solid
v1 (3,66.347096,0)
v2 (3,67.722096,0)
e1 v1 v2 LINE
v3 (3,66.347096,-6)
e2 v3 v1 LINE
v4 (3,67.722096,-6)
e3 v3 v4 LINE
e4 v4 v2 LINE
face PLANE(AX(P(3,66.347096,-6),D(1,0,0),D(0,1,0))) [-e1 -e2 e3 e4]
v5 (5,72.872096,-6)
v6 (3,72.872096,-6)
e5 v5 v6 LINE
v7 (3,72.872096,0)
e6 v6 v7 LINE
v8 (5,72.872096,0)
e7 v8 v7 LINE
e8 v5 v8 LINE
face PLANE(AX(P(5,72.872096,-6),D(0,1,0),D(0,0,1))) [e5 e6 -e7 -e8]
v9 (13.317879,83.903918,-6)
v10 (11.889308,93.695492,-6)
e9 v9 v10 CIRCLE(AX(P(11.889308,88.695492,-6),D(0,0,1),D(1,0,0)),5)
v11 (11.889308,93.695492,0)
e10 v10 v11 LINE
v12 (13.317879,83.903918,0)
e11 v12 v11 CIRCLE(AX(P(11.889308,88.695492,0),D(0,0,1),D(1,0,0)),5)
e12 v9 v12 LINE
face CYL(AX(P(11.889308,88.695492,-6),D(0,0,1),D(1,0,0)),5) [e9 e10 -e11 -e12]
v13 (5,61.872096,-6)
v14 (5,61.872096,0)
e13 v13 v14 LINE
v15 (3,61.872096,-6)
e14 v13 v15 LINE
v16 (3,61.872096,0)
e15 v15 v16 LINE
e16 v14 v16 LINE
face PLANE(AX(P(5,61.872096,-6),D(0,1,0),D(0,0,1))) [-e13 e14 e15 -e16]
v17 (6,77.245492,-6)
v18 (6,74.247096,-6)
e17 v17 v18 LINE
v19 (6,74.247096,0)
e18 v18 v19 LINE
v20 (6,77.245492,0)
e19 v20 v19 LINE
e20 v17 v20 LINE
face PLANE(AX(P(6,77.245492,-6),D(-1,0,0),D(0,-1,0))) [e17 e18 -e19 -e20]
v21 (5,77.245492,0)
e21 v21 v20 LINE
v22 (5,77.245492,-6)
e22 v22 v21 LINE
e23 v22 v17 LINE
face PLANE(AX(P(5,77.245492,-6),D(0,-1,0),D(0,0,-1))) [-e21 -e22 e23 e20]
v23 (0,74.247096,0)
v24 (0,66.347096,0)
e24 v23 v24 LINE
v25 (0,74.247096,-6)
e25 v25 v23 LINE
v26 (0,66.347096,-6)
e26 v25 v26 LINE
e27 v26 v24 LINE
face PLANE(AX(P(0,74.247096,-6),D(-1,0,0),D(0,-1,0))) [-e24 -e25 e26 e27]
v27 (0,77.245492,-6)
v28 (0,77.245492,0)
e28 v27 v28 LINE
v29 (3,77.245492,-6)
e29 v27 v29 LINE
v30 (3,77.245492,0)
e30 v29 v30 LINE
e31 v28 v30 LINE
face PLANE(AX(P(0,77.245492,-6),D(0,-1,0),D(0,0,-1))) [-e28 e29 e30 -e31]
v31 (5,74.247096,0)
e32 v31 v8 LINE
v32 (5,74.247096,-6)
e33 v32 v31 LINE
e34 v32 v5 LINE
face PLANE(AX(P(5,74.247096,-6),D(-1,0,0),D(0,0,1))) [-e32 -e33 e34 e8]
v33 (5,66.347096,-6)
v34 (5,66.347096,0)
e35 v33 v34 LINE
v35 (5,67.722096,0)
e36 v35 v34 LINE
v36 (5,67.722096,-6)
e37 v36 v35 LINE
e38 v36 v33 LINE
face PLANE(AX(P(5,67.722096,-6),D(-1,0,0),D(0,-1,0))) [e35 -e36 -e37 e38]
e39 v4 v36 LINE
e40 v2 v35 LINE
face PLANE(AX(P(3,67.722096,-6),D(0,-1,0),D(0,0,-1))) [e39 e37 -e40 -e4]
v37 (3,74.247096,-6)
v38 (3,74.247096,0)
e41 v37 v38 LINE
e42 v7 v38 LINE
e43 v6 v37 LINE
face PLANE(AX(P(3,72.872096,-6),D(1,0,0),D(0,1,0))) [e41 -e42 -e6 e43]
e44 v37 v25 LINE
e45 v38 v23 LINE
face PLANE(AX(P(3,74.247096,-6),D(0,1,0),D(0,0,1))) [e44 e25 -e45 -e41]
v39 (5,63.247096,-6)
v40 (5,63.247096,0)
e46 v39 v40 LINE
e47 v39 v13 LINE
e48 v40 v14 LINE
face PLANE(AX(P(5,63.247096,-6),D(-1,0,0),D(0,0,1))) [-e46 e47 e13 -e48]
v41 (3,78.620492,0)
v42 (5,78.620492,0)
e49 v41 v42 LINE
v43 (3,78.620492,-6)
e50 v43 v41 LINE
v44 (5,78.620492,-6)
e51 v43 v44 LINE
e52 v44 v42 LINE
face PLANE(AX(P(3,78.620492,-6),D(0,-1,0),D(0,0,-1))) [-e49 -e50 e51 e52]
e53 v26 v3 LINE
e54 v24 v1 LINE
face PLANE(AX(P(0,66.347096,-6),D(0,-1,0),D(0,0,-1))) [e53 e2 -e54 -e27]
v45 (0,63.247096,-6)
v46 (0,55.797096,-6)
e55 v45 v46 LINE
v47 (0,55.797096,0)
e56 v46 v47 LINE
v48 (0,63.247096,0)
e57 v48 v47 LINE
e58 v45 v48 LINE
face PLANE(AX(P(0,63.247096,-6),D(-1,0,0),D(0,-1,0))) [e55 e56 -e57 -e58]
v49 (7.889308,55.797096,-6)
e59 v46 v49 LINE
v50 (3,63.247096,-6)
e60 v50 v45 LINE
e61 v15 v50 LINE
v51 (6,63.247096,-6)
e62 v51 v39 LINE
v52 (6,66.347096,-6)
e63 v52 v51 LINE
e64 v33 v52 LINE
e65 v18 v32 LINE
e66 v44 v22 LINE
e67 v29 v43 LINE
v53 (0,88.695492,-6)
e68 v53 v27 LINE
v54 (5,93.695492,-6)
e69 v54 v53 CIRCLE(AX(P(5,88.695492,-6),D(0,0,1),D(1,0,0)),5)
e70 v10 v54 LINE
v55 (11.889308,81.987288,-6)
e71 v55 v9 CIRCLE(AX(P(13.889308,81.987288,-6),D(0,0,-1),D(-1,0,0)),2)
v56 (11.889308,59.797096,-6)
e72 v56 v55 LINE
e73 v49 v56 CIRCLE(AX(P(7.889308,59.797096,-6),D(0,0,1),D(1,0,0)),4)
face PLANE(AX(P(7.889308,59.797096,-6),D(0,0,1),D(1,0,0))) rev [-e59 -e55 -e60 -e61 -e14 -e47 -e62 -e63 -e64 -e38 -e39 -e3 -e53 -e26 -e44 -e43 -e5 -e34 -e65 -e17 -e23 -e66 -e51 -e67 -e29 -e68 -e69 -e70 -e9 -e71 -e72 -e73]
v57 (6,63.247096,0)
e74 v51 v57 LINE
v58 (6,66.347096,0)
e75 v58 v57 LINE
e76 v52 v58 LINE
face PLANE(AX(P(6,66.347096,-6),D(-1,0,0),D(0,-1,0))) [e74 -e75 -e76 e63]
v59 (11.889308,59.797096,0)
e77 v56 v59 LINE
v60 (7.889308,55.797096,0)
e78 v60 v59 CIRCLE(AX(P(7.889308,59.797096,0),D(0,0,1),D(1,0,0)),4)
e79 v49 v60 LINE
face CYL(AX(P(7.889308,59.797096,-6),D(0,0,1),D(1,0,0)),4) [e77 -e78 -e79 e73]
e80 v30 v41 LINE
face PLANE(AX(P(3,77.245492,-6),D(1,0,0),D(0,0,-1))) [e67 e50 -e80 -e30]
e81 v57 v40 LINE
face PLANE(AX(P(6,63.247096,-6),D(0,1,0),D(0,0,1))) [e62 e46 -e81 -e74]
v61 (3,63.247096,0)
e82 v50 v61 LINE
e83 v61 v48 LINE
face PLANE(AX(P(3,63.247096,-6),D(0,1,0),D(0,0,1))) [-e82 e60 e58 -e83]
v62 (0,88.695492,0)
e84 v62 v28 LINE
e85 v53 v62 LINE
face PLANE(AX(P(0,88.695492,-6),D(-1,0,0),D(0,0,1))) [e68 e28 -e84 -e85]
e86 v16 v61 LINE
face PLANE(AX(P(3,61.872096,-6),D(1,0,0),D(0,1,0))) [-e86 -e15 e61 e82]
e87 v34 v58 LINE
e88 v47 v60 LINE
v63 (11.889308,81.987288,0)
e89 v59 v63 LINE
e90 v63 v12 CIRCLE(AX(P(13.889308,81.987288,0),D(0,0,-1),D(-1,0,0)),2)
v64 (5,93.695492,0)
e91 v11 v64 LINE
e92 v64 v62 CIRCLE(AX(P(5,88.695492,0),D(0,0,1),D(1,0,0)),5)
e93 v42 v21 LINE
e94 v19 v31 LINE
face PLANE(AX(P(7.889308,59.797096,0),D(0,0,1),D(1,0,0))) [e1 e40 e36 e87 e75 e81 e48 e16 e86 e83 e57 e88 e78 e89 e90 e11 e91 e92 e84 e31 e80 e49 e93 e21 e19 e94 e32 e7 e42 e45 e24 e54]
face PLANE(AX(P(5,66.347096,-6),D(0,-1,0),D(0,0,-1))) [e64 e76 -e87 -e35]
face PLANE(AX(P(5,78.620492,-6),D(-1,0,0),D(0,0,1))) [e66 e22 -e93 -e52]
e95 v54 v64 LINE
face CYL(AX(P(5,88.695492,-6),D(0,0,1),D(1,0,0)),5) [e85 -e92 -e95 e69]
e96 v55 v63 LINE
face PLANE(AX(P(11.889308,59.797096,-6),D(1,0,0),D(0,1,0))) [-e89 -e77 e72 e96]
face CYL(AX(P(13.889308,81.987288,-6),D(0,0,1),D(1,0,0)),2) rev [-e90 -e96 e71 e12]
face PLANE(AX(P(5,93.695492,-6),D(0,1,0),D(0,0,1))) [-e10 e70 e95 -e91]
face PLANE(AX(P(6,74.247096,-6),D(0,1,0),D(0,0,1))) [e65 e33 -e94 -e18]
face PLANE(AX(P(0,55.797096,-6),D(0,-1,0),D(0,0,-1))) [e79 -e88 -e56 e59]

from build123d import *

# Parameters (mm, degrees)
DODANIE_WYCI_GNI_CIE1_DEPTH = 6


with BuildPart() as part:
    # Szkic2 → Dodanie-wyciągnięcie1 (new body)
    with BuildSketch(Plane.XY):
        with BuildLine():
            Line((5, 93.695492388), (11.889307623, 93.695492388))
            ThreePointArc((11.889307623, 93.695492388), (16.836926807, 89.417340299), (13.317879052, 83.903918151))
            ThreePointArc((13.317879052, 83.903918151), (12.285740172, 83.182517065), (11.889307623, 81.987288456))
            Line((11.889307623, 81.987288456), (11.889307623, 59.797095598))
            ThreePointArc((11.889307623, 59.797095598), (10.717734748, 56.968668473), (7.889307623, 55.797095598))
            Line((7.889307623, 55.797095598), (0, 55.797095598))
            Line((0, 55.797095598), (0, 63.247095598))
            Line((0, 63.247095598), (3, 63.247095598))
            Line((3, 63.247095598), (3, 61.872095598))
            Line((3, 61.872095598), (5, 61.872095598))
            Line((5, 61.872095598), (5, 63.247095598))
            Line((5, 63.247095598), (6, 63.247095598))
            Line((6, 63.247095598), (6, 66.347095598))
            Line((6, 66.347095598), (5, 66.347095598))
            Line((5, 66.347095598), (5, 67.722095598))
            Line((5, 67.722095598), (3, 67.722095598))
            Line((3, 67.722095598), (3, 66.347095598))
            Line((3, 66.347095598), (0, 66.347095598))
            Line((0, 66.347095598), (0, 74.247095598))
            Line((0, 74.247095598), (3, 74.247095598))
            Line((3, 74.247095598), (3, 72.872095598))
            Line((3, 72.872095598), (5, 72.872095598))
            Line((5, 72.872095598), (5, 74.247095598))
            Line((5, 74.247095598), (6, 74.247095598))
            Line((6, 74.247095598), (6, 77.245492388))
            Line((6, 77.245492388), (5, 77.245492388))
            Line((5, 77.245492388), (5, 78.620492388))
            Line((5, 78.620492388), (3, 78.620492388))
            Line((3, 78.620492388), (3, 77.245492388))
            Line((3, 77.245492388), (0, 77.245492388))
            Line((0, 77.245492388), (0, 88.695492388))
            ThreePointArc((0, 88.695492388), (1.464466094, 92.231026294), (5, 93.695492388))
        make_face()
    extrude(amount=-DODANIE_WYCI_GNI_CIE1_DEPTH)


solid = part.part
